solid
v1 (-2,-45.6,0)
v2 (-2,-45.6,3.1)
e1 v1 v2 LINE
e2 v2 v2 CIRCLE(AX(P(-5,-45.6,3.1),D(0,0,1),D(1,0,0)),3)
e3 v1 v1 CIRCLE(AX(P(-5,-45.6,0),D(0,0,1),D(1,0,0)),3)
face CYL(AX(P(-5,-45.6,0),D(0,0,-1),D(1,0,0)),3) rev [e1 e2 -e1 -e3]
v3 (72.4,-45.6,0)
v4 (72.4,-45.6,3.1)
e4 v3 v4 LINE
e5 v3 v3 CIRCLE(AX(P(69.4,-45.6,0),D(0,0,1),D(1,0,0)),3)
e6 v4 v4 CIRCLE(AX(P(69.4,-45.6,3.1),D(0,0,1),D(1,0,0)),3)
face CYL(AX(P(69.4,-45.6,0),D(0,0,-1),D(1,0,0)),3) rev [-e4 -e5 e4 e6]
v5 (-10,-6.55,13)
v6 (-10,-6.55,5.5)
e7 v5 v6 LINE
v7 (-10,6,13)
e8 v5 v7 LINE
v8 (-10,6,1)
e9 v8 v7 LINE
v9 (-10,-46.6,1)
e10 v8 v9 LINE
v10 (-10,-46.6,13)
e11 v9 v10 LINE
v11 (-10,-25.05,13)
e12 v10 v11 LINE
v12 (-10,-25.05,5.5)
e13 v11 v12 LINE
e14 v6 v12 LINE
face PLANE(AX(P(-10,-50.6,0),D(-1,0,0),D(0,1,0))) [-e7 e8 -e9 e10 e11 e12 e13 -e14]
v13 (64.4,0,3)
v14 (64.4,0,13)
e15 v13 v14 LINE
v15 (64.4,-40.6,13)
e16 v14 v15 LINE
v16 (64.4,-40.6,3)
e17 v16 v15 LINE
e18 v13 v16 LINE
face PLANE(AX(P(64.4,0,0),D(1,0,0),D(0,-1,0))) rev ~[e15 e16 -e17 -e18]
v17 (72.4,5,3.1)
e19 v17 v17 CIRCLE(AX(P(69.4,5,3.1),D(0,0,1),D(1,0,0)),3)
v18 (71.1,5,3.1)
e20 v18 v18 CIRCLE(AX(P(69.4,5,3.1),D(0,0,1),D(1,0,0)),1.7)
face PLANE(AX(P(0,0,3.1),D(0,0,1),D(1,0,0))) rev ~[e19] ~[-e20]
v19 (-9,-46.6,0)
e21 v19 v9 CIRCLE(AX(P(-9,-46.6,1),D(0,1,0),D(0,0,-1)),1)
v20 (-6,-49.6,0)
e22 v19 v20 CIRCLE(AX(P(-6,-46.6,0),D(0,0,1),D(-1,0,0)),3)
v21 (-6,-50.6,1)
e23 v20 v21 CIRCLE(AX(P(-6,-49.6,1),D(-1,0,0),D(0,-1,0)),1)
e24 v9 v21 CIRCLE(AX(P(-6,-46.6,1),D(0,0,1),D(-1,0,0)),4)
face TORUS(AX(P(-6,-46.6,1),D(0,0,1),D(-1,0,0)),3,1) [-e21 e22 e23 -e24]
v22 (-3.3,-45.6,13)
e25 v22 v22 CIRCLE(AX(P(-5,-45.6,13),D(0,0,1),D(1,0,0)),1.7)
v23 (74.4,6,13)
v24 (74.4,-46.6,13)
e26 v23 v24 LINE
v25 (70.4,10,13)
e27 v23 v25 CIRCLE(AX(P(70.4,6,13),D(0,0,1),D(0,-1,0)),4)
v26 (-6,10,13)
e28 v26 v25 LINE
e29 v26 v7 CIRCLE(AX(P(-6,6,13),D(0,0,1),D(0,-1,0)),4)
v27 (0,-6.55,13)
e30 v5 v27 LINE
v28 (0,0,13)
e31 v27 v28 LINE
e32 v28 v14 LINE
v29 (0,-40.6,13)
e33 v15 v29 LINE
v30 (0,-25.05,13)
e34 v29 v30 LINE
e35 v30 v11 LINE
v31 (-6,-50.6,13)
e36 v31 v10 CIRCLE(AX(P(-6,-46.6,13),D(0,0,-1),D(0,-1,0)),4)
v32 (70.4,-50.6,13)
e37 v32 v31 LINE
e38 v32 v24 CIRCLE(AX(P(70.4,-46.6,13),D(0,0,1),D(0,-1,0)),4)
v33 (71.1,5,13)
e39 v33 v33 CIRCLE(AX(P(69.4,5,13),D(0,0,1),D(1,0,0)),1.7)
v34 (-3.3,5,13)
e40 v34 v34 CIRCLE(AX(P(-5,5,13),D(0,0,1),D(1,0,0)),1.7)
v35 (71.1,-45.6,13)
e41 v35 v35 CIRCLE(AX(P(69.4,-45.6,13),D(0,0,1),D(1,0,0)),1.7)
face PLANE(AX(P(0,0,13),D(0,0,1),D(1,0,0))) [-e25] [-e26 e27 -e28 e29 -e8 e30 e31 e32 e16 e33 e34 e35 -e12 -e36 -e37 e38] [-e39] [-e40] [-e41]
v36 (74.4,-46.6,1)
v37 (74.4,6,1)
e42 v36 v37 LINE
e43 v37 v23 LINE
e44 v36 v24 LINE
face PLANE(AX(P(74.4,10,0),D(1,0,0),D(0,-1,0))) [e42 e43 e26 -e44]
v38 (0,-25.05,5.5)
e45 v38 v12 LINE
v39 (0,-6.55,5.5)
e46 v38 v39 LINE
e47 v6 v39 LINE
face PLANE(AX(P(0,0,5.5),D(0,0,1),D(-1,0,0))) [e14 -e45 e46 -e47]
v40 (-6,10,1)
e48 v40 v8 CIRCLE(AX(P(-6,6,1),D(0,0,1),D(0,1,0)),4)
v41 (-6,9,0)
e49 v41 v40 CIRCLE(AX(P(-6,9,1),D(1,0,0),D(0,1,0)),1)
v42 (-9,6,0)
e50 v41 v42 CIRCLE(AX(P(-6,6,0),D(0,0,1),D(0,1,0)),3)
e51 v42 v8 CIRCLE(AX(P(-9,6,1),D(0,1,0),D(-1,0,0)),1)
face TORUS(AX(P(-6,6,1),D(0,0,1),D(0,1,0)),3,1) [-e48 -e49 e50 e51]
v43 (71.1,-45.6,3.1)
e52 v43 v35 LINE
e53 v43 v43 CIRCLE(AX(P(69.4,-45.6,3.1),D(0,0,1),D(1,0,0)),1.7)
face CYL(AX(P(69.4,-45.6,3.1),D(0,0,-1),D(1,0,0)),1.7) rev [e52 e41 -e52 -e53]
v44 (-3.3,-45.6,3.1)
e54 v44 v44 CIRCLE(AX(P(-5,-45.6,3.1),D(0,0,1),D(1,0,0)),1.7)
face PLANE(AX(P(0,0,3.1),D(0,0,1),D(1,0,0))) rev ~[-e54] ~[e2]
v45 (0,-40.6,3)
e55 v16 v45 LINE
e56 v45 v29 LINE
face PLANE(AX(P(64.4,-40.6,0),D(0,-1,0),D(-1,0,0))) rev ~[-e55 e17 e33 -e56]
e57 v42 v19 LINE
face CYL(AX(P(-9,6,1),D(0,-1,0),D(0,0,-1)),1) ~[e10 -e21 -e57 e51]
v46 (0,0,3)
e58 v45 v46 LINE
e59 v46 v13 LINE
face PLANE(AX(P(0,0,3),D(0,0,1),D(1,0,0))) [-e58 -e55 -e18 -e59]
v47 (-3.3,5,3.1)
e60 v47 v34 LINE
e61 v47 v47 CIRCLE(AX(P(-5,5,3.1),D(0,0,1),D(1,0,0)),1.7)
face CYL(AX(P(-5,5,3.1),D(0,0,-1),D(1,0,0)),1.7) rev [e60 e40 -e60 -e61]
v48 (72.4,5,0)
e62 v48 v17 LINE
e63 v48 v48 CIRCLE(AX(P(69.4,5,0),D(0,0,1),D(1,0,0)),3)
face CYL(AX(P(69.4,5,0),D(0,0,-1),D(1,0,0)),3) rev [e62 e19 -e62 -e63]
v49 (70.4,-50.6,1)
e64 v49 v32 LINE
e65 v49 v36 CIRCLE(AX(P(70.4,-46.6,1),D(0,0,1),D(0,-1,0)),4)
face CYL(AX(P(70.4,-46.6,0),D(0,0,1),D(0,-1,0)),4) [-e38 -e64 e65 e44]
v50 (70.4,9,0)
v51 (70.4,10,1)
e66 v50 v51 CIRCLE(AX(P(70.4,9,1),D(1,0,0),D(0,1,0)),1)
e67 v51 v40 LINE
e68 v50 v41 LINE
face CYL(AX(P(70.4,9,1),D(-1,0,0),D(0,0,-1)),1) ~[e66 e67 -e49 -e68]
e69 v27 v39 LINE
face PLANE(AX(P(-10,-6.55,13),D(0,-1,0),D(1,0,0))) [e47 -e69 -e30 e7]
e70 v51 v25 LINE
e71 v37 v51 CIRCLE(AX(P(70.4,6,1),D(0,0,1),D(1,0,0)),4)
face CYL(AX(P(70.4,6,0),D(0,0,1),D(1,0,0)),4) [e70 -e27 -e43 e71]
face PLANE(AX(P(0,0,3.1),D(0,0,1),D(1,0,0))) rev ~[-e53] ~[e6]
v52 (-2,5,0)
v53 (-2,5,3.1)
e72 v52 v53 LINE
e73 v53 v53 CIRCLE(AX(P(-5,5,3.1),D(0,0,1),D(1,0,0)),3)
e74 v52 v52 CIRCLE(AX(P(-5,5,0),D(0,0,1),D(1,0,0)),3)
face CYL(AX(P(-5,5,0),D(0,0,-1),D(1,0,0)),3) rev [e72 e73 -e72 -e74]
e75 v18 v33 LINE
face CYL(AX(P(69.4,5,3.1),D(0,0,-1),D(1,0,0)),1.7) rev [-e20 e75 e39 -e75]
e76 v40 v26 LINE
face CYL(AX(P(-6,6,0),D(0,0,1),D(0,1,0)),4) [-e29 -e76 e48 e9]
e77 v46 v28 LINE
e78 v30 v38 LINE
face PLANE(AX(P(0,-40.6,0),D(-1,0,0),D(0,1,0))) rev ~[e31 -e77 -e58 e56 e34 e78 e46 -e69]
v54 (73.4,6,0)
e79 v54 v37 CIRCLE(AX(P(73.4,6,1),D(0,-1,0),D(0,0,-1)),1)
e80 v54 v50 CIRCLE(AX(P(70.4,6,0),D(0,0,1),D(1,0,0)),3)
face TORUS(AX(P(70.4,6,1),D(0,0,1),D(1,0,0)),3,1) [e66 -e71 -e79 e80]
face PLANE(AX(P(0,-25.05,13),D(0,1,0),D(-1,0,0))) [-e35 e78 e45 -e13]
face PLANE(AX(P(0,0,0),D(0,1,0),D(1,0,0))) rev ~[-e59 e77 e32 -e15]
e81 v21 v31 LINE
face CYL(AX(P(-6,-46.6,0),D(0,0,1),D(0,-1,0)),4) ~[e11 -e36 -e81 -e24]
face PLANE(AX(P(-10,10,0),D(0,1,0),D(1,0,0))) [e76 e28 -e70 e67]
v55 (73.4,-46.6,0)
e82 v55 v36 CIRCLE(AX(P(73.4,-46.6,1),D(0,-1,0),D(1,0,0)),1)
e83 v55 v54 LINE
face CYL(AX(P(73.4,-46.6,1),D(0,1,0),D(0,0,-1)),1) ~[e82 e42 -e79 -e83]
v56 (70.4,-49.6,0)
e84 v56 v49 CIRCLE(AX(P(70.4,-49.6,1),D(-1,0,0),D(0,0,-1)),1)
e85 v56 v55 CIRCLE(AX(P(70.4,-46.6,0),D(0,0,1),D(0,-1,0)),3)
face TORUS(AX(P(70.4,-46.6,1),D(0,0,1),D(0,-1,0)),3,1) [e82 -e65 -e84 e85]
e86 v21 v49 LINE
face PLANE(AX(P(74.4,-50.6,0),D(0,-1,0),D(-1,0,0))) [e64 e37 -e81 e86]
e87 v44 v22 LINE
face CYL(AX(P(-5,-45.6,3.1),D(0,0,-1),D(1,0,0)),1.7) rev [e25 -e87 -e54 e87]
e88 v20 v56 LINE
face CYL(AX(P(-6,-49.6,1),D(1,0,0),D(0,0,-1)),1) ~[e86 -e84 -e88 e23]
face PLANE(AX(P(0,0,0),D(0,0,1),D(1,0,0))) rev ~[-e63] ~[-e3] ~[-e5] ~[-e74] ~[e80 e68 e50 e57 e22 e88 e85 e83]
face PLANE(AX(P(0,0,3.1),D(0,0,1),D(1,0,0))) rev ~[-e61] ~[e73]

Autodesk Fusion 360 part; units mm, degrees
sketch "Sketch1" plane through (0, 0, 0) normal (0, 0, 1) x (1, 0, 0) in component "Hackpad"
  line L0 (0, 0) -> (64.4, 0)
  line L1 (64.4, 0) -> (64.4, -40.6)
  line L2 (64.4, -40.6) -> (0, -40.6)
  line L3 (0, -40.6) -> (0, 0)
  line L4 (74.4, -50.6) -> (-10, -50.6)
  line L5 (-10, -50.6) -> (-10, 10)
  line L6 (-10, 10) -> (74.4, 10)
  line L7 (74.4, 10) -> (74.4, -50.6)
  circle A0 centre (-5, 5) radius 1.7
  circle A1 centre (69.4, 5) radius 1.7
  circle A2 centre (69.4, -45.6) radius 1.7
  circle A3 centre (-5, -45.6) radius 1.7
  circle A4 centre (-5, 5) radius 3
  circle A5 centre (69.4, 5) radius 3
  circle A6 centre (69.4, -45.6) radius 3
  circle A7 centre (-5, -45.6) radius 3
  dimension "d1" = 40.6
  dimension "d2" = 64.4
  dimension "d3" = -10
  dimension "d4" = 3.4
  dimension "d5" = 3.4
  dimension "d6" = 3.4
  dimension "d7" = 3.4
  dimension "d8" = 5
  dimension "d9" = 5
  dimension "d10" = 5
  dimension "d11" = 5
  dimension "d12" = 5
  dimension "d13" = 5
  dimension "d14" = 5
  dimension "d15" = 5
  dimension "d16" = 6
  dimension "d17" = 6
  dimension "d18" = 6
  dimension "d19" = 6
extrude "Extrude1" add sketch "Sketch1" along normal blind 9.9 from surface at 3.1 contours A4 | A5 | A6 | A7 makes body 1 at (70.2125, 7.8879, 9.7) makes body 2 at (70.2125, -42.7121, 9.7) makes body 3 at (-2.0037, 4.8505, 9.7) makes body 4 at (-2.0037, -45.7495, 9.7) in component "Hackpad"
extrude "Extrude2" add sketch "Sketch1" along normal blind 13 contours L4 L5 L6 L7 bodies 1 2 3 4 in component "Hackpad"
extrude "Extrude3" add sketch "Sketch1" along normal blind 3 contours L0 L1 L2 L3 bodies 1 in component "Hackpad"
sketch "Sketch2" plane through (0, 0, 13) normal (0, 0, 1) x (-1, 0, 0) in component "Hackpad"
  circle A0 centre (-69.4, -5) radius 1.7
  circle A1 centre (5, 45.6) radius 1.7
  line L0 (-64.4, 40.6) -> (0, 40.6)
  line L1 (0, 40.6) -> (0, 0)
  line L2 (0, 0) -> (-64.4, 0)
  line L3 (-64.4, 0) -> (-64.4, 40.6)
  line L4 (-74.4, -10) -> (10, -10)
  line L5 (10, -10) -> (10, 50.6)
  line L6 (10, 50.6) -> (-74.4, 50.6)
  line L7 (-74.4, 50.6) -> (-74.4, -10)
  circle A2 centre (-69.4, 45.6) radius 1.7
  circle A3 centre (5, -5) radius 1.7
  line L8 (10, 6.55) -> (0, 6.55)
  line L9 (0, 6.55) -> (0, 25.05)
  line L10 (0, 25.05) -> (10, 25.05)
  line L11 (10, 25.05) -> (10, 6.55)
  line L12 (-74.4, 50.6) -> (10, 50.6)
  dimension "d27" = 18.5
  dimension "d28" = 25.55
extrude "Extrude4" cut sketch "Sketch2" against normal blind 7.5 contours L1 L5 L8 L9 L10 L11 bodies 1 in component "Hackpad"
fillet "Fillet1" radius 4 4 edges at (-10, -50.6, 6.5) (74.4, -50.6, 6.5) (74.4, 10, 6.5) (-10, 10, 6.5) on bodies 1 in component "Hackpad"
fillet "Fillet2" radius 1 8 edges at (-8.8284, 8.8284, 0) (32.2, 10, 0) (73.2284, 8.8284, 0) (74.4, -20.3, 0) (73.2284, -49.4284, 0) (32.2, -50.6, 0) (-8.8284, -49.4284, 0) (-10, -20.3, 0) on bodies 1 in component "Hackpad"
component "Hackpad" placed x (1, 0, 0) y (0, 1, 0) z (0, 0, 1) at (0, 0, 0)
equation "d1 = 39.6 mm + 1 mm"
equation "d2 = 63.4 mm + 1 mm"
equation "d28 = 19.8 mm + 5.75 mm"
